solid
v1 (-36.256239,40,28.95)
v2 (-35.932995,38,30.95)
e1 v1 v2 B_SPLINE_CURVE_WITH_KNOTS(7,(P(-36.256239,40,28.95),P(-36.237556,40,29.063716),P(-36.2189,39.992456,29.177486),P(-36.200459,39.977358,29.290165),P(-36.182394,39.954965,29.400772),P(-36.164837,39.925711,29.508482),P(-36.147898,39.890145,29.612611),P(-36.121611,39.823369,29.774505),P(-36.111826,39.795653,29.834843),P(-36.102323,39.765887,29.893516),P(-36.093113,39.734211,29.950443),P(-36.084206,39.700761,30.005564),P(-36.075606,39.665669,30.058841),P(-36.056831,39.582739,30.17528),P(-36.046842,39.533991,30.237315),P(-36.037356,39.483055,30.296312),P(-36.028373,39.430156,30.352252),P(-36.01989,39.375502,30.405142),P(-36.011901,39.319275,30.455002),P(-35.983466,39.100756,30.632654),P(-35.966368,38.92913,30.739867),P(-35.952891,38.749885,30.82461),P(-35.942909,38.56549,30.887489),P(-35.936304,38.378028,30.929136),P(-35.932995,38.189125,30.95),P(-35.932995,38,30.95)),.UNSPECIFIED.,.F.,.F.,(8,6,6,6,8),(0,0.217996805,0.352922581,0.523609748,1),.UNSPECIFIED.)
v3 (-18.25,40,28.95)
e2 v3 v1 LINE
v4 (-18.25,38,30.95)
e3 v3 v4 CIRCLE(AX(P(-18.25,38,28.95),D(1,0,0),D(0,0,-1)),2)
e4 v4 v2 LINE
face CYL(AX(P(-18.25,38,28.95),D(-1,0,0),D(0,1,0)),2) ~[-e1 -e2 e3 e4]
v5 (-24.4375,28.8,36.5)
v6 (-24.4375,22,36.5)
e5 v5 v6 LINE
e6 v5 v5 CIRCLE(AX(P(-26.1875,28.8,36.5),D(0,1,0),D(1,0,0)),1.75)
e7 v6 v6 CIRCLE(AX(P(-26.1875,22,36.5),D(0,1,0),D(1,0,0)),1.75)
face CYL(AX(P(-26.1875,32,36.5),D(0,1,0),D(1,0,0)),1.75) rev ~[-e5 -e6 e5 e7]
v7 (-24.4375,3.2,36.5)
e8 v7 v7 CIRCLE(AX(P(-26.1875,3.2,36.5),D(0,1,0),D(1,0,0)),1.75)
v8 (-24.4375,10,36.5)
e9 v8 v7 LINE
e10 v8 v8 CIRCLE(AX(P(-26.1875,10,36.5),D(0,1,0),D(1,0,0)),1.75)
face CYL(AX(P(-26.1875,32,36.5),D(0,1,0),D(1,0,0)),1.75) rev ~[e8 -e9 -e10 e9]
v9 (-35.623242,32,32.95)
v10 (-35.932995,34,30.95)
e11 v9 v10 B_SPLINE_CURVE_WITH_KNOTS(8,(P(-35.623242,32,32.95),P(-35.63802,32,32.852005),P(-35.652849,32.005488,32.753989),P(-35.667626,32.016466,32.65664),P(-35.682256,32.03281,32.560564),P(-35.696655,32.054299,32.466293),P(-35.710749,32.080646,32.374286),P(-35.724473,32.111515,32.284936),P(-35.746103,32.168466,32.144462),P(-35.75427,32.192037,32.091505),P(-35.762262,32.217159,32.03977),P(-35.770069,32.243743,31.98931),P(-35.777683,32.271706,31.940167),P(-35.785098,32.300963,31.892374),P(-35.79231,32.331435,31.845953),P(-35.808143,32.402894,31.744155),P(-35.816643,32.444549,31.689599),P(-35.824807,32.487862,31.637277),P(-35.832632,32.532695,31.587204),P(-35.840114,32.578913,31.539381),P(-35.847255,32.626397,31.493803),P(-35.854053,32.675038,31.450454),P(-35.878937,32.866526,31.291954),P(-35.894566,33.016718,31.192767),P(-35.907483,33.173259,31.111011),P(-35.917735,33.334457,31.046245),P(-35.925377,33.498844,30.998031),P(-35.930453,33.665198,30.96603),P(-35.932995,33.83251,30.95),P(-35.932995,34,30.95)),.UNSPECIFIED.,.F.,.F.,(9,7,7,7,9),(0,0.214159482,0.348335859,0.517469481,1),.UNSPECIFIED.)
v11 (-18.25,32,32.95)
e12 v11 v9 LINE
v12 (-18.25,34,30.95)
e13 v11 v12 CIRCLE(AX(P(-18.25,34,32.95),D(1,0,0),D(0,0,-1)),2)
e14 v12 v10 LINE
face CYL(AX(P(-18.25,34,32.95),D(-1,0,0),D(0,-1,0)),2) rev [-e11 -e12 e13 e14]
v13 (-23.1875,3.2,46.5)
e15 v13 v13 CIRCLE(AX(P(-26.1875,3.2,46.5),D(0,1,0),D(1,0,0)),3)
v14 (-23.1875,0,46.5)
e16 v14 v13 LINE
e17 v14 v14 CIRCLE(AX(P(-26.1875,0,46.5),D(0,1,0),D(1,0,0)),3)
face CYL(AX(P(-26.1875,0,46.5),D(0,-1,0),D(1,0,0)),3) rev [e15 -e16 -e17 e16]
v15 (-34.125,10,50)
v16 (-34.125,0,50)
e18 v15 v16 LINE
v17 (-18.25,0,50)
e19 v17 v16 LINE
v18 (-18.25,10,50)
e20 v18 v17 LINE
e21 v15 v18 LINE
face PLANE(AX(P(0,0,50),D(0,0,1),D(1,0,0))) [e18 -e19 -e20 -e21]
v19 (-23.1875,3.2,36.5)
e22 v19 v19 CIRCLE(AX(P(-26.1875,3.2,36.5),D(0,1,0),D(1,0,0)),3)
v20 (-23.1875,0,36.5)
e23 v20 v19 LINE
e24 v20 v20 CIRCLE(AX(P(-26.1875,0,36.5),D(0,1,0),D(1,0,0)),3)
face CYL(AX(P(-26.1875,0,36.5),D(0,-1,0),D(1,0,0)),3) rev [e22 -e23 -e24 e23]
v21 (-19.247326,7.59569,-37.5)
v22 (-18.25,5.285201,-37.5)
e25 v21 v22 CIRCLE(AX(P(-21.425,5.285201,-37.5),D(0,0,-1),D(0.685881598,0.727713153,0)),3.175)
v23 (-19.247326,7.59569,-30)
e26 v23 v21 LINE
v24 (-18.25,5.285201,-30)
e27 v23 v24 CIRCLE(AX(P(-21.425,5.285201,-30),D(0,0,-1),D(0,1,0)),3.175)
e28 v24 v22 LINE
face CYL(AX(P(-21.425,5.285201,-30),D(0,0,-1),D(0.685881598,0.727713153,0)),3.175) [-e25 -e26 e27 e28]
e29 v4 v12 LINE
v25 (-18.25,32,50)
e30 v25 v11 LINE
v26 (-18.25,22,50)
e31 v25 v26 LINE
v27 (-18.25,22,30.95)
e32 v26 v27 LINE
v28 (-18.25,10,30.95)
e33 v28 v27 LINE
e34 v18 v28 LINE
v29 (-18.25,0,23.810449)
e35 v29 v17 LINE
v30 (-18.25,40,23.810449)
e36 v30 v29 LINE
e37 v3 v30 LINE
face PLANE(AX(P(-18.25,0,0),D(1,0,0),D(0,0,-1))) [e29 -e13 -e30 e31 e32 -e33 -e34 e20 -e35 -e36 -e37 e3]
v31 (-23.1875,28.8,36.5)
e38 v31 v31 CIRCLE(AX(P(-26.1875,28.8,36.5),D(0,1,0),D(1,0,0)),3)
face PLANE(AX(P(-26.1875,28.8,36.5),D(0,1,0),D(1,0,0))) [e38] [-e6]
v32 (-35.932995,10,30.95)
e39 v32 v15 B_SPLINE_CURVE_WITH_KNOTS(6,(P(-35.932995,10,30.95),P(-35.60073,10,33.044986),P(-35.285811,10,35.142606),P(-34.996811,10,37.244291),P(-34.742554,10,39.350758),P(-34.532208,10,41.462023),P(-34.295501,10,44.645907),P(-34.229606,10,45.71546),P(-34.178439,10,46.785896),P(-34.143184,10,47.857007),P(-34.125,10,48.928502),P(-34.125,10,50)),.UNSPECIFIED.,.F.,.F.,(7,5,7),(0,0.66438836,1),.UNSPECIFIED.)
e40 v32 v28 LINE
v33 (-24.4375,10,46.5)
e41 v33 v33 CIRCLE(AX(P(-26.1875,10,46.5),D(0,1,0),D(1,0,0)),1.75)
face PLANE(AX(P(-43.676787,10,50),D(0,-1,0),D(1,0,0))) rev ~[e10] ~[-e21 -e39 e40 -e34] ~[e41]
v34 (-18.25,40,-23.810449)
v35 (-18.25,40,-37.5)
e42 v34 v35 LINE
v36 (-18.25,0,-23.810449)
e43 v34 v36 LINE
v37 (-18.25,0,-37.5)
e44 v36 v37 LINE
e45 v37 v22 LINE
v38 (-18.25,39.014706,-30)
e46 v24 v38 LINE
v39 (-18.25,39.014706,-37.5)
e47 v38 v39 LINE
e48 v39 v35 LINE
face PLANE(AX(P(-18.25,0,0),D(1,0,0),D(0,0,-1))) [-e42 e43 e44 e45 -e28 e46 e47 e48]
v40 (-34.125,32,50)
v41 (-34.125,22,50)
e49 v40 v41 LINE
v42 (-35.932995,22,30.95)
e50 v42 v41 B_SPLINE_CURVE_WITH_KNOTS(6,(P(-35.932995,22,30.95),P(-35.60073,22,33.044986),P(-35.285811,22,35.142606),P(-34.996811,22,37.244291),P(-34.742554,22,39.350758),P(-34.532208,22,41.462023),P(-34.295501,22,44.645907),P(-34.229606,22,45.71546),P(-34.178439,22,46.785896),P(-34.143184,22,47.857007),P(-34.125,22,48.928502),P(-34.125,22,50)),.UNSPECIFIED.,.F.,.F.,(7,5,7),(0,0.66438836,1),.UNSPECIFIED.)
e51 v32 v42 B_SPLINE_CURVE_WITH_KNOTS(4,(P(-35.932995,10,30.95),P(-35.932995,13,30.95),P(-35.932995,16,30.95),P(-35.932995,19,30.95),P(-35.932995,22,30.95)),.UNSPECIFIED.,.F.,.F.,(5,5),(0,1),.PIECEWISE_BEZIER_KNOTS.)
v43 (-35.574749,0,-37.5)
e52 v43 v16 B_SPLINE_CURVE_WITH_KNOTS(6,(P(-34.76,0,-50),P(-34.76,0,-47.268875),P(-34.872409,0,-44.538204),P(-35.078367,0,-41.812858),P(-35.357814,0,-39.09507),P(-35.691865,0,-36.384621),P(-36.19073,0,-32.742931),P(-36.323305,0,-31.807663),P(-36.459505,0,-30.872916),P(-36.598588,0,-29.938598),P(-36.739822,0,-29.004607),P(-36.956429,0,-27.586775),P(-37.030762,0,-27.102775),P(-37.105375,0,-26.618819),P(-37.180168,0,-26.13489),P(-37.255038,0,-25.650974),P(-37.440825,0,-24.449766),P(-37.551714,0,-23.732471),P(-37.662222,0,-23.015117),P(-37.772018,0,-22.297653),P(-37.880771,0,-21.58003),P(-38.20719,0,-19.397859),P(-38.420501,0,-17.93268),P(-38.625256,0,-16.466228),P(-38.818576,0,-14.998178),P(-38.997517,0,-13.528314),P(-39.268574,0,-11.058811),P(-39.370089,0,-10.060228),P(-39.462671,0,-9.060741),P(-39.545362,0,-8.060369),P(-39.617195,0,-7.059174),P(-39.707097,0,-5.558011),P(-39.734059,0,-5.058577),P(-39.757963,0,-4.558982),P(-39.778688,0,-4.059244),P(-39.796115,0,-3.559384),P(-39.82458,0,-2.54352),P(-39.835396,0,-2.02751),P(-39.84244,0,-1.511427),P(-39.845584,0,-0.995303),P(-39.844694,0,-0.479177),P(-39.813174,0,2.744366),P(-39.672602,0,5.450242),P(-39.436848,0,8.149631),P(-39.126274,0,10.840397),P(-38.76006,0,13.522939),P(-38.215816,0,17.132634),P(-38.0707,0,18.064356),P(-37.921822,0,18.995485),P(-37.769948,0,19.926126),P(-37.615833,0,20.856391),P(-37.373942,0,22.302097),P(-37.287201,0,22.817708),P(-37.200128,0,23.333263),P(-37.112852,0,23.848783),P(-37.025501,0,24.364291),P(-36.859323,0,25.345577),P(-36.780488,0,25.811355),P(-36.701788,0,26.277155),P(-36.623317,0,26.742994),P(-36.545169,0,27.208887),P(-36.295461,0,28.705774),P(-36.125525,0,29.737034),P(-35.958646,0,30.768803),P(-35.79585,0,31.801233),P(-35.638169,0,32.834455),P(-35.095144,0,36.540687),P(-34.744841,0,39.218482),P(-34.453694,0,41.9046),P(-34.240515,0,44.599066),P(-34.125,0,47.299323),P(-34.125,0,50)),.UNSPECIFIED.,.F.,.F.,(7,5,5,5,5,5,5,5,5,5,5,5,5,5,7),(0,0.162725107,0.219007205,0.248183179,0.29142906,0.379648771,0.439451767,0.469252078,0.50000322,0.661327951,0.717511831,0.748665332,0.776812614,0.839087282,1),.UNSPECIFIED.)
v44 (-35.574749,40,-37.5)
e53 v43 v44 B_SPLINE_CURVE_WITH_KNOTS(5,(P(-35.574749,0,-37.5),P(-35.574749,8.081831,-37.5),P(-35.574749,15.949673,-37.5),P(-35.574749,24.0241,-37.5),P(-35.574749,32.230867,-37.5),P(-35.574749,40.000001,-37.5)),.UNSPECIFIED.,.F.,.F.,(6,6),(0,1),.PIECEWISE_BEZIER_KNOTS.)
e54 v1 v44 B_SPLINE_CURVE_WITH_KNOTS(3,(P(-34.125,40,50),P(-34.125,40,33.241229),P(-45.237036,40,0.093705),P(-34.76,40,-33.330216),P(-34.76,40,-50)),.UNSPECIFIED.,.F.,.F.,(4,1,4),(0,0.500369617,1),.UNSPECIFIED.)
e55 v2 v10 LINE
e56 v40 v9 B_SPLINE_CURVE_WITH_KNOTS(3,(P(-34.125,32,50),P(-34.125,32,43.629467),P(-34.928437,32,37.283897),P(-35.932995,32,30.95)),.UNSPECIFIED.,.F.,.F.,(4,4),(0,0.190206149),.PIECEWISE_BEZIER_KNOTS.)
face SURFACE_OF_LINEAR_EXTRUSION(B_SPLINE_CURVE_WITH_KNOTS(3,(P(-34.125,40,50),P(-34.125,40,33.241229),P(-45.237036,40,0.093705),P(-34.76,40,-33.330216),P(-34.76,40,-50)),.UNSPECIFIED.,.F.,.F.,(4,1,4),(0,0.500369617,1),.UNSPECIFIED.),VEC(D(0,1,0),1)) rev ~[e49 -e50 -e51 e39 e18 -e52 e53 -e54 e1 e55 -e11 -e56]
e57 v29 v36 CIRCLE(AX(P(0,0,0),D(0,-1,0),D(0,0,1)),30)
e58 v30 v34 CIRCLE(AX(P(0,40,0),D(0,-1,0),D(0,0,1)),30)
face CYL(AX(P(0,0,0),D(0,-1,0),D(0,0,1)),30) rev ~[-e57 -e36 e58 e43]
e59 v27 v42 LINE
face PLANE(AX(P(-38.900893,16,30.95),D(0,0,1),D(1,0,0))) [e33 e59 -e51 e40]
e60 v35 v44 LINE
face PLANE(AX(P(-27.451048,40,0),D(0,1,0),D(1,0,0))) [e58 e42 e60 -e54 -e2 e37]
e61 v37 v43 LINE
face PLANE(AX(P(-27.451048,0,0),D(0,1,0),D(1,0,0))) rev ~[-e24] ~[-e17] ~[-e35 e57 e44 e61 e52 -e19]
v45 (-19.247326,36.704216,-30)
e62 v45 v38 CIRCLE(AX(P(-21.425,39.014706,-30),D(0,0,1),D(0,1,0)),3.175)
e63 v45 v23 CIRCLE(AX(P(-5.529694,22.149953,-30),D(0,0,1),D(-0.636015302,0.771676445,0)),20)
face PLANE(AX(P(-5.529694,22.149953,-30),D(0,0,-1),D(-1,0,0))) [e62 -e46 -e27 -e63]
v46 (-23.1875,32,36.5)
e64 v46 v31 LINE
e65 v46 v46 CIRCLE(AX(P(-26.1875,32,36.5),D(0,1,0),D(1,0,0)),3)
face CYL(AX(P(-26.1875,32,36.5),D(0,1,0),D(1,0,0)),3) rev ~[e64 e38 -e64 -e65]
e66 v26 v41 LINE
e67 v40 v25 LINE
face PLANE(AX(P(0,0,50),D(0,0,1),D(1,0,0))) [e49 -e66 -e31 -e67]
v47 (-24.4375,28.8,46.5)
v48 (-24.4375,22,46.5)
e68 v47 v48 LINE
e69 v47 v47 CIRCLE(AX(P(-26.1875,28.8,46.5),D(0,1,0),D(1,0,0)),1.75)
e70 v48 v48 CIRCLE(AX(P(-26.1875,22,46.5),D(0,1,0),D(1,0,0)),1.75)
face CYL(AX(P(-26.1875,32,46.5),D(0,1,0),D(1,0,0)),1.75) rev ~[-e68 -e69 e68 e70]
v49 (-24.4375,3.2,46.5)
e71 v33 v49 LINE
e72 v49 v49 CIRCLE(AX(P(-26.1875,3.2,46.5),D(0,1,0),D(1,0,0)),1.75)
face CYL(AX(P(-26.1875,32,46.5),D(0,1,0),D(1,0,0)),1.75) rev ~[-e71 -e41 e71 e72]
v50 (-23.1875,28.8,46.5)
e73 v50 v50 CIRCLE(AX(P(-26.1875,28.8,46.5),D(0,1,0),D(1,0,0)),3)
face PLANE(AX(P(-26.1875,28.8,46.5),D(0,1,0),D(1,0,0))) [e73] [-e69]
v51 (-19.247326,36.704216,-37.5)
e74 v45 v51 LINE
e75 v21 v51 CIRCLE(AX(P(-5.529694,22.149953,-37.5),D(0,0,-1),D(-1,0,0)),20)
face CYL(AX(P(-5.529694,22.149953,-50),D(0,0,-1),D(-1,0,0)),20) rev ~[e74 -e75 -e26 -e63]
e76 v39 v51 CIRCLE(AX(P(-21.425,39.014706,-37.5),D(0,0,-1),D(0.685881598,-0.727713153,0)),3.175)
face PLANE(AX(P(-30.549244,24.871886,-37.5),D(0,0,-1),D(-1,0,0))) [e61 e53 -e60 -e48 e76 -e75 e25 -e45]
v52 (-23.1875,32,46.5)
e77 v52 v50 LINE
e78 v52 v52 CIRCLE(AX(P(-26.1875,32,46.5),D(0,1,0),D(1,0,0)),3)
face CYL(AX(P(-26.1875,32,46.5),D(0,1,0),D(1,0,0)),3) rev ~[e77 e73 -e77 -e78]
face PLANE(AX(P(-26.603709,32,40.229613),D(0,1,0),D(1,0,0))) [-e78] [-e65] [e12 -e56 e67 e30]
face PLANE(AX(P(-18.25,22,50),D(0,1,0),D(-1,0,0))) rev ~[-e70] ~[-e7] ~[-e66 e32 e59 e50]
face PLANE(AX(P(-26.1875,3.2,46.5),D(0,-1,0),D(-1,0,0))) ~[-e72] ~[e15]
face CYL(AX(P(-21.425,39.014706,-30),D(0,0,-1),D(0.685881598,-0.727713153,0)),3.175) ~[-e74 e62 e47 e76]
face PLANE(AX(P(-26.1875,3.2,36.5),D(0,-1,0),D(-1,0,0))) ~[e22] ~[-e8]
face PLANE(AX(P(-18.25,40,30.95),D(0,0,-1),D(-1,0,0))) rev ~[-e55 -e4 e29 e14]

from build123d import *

# Parameters (mm, degrees)
BOSS_EXTRUDE1_DEPTH = 40
SKETCH3_W           = 12.7
SKETCH3_H           = 40
BOSS_EXTRUDE2_DEPTH = 27.178
SKETCH4_W           = 184.978795618
SKETCH4_H           = 131.733859804
CUT_EXTRUDE2_DEPTH  = 51
SKETCH5_W           = 144.166334374
SKETCH5_H           = 140.012963834
CUT_EXTRUDE3_DEPTH  = 18.25
SKETCH6_R           = 20
CUT_EXTRUDE4_DEPTH  = 20
FILLET4_R           = 3.175
SKETCH7_W           = 96.652193462
SKETCH7_H           = 93.586405028
CUT_EXTRUDE5_DEPTH  = 27.178
CUT_EXTRUDE6_DEPTH  = 41
CUT_EXTRUDE7_DEPTH  = 8
FILLET5_R           = 2
SKETCH10_R          = 1.75
CUT_EXTRUDE8_DEPTH  = 33.0000001
SKETCH11_W          = 9.551786503
SKETCH11_H          = 12
SKETCH11_W_2        = 7.9375
CUT_EXTRUDE9_DEPTH  = 19.05
SKETCH14_R          = 3
CUT_EXTRUDE10_DEPTH = 3.2
SKETCH15_W          = 61.098487026
SKETCH15_H          = 49.743772834
CUT_EXTRUDE11_DEPTH = 12.5


with BuildPart() as part:
    # Sketch1 → Boss-Extrude1 (new body)
    with BuildSketch(Plane(origin=(0, 0, 0), x_dir=(1, 0, 0), z_dir=(0, 1, 0))):
        with BuildLine():
            Line((-50, -50), (0, -50))
            Line((0, -50), (0, -30))
            ThreePointArc((0, -30), (-30, 0), (0, 30))
            Line((0, 30), (0, 50))
            Line((0, 50), (-50, 50))
            Line((-50, 50), (-50, -50))
        make_face()
        with BuildLine():
            Line((0, -30), (0, -50))
            Line((0, -50), (50, -50))
            Line((50, -50), (50, 50))
            Line((50, 50), (0, 50))
            Line((0, 50), (0, 30))
            ThreePointArc((0, 30), (21.213203436, 21.213203436), (30, 0))
            ThreePointArc((30, 0), (21.213203436, -21.213203436), (0, -30))
        make_face()
    extrude(amount=BOSS_EXTRUDE1_DEPTH)

    # Sketch3 → Boss-Extrude2 (add)
    with BuildSketch(Plane.XY.offset(50)):
        with Locations((-24.6, 20)):
            Rectangle(SKETCH3_W, SKETCH3_H)
    extrude(amount=BOSS_EXTRUDE2_DEPTH)

    # Sketch4 → Cut-Extrude2 (cut, through all)
    with BuildSketch(Plane(origin=(0, 0, 0), x_dir=(0, 0, -1), z_dir=(1, 0, 0))):
        Rectangle(SKETCH4_W, SKETCH4_H)
    extrude(amount=CUT_EXTRUDE2_DEPTH, mode=Mode.SUBTRACT)

    # Sketch5 → Cut-Extrude3 (cut)
    with BuildSketch(Plane(origin=(0, 0, 0), x_dir=(0, 0, -1), z_dir=(1, 0, 0))):
        Rectangle(SKETCH5_W, SKETCH5_H)
    extrude(amount=-CUT_EXTRUDE3_DEPTH, mode=Mode.SUBTRACT)

    # Sketch6 → Cut-Extrude4 (cut)
    with BuildSketch(Plane(origin=(0, 0, -50), x_dir=(-1, 0, 0), z_dir=(0, 0, -1))):
        with Locations((5.529693955, 22.14995336)):
            Circle(SKETCH6_R)
    extrude(amount=-CUT_EXTRUDE4_DEPTH, mode=Mode.SUBTRACT)

    # Fillet4
    fillet4_edges = [part.edges().sort_by_distance(p)[0] for p in [
        (-18.25, 6.716424466, -40),
        (-18.25, 37.583482255, -40),
    ]]
    fillet(fillet4_edges, radius=FILLET4_R)

    # Sketch7 → Cut-Extrude5 (cut)
    with BuildSketch(Plane.XY.offset(77.178)):
        Rectangle(SKETCH7_W, SKETCH7_H)
    extrude(amount=-CUT_EXTRUDE5_DEPTH, mode=Mode.SUBTRACT)

    # Sketch8 → Cut-Extrude6 (cut, through all)
    with BuildSketch(Plane(origin=(0, 40, 0), x_dir=(1, 0, 0), z_dir=(0, 1, 0))):
        with BuildLine():
            Line((-34.76, 50), (-50, 50))
            Line((-50, 50), (-50, -50))
            Line((-50, -50), (-34.125, -50))
            add(Edge.make_bspline(
                [(-34.125, -50), (-34.125, -33.241229213), (-45.237036485, -0.093705418), (-34.76, 33.330216103), (-34.76, 50)],
                knots=[0, 0, 0, 0, 0.500369617, 1, 1, 1, 1], degree=3))
        make_face()
    extrude(amount=-CUT_EXTRUDE6_DEPTH, mode=Mode.SUBTRACT)

    # Sketch9 → Cut-Extrude7 (cut)
    with BuildSketch(Plane(origin=(0, 40, 0), x_dir=(1, 0, 0), z_dir=(0, 1, 0))):
        with BuildLine():
            Line((-18.25, -50), (-18.25, -30.95))
            Line((-18.25, -30.95), (-35.932995014, -30.95))
            add(Edge.make_bspline(
                [(-34.125, -50), (-34.125, -43.629466822), (-34.928437006, -37.283896996), (-35.932995014, -30.95)],
                knots=[0, 0, 0, 0, 0.190206149, 0.190206149, 0.190206149, 0.190206149], degree=3))
            Line((-34.125, -50), (-18.25, -50))
        make_face()
    extrude(amount=-CUT_EXTRUDE7_DEPTH, mode=Mode.SUBTRACT)

    # Fillet5
    fillet5_edges = [part.edges().sort_by_distance(p)[0] for p in [
        (-27.091497507, 32, 30.95),
        (-27.091497507, 40, 30.95),
    ]]
    fillet(fillet5_edges, radius=FILLET5_R)

    # Sketch10 → Cut-Extrude8 (cut, through all)
    with BuildSketch(Plane(origin=(0, 32, 0), x_dir=(1, 0, 0), z_dir=(0, 1, 0))):
        with Locations((-26.1875, -46.5)):
            Circle(SKETCH10_R)
        with Locations((-26.1875, -36.5)):
            Circle(SKETCH10_R)
    extrude(amount=-CUT_EXTRUDE8_DEPTH, mode=Mode.SUBTRACT)

    # Sketch11 → Cut-Extrude9 (cut)
    with BuildSketch(Plane.XY.offset(50)):
        with Locations((-38.900893252, 16)):
            Rectangle(SKETCH11_W, SKETCH11_H)
        with Locations((-30.15625, 16)):
            Rectangle(SKETCH11_W_2, SKETCH11_H)
        with Locations((-22.21875, 16)):
            Rectangle(SKETCH11_W_2, SKETCH11_H)
    extrude(amount=-CUT_EXTRUDE9_DEPTH, mode=Mode.SUBTRACT)

    # Sketch14 → Cut-Extrude10 (cut)
    with BuildSketch(Plane(origin=(0, 32, 0), x_dir=(1, 0, 0), z_dir=(0, 1, 0))):
        with Locations((-26.1875, -36.5)):
            Circle(SKETCH14_R)
        with Locations((-26.1875, -46.5)):
            Circle(SKETCH14_R)
    cut_extrude10 = extrude(amount=-CUT_EXTRUDE10_DEPTH, mode=Mode.SUBTRACT)

    # Mirror2: Cut-Extrude10 across plane
    add(cut_extrude10.mirror(Plane.ZX.offset(16)), mode=Mode.SUBTRACT)

    # Sketch15 → Cut-Extrude11 (cut)
    with BuildSketch(Plane(origin=(0, 0, -50), x_dir=(-1, 0, 0), z_dir=(0, 0, -1))):
        with Locations((30.549243513, 24.871886417)):
            Rectangle(SKETCH15_W, SKETCH15_H)
    extrude(amount=-CUT_EXTRUDE11_DEPTH, mode=Mode.SUBTRACT)


solid = part.part
